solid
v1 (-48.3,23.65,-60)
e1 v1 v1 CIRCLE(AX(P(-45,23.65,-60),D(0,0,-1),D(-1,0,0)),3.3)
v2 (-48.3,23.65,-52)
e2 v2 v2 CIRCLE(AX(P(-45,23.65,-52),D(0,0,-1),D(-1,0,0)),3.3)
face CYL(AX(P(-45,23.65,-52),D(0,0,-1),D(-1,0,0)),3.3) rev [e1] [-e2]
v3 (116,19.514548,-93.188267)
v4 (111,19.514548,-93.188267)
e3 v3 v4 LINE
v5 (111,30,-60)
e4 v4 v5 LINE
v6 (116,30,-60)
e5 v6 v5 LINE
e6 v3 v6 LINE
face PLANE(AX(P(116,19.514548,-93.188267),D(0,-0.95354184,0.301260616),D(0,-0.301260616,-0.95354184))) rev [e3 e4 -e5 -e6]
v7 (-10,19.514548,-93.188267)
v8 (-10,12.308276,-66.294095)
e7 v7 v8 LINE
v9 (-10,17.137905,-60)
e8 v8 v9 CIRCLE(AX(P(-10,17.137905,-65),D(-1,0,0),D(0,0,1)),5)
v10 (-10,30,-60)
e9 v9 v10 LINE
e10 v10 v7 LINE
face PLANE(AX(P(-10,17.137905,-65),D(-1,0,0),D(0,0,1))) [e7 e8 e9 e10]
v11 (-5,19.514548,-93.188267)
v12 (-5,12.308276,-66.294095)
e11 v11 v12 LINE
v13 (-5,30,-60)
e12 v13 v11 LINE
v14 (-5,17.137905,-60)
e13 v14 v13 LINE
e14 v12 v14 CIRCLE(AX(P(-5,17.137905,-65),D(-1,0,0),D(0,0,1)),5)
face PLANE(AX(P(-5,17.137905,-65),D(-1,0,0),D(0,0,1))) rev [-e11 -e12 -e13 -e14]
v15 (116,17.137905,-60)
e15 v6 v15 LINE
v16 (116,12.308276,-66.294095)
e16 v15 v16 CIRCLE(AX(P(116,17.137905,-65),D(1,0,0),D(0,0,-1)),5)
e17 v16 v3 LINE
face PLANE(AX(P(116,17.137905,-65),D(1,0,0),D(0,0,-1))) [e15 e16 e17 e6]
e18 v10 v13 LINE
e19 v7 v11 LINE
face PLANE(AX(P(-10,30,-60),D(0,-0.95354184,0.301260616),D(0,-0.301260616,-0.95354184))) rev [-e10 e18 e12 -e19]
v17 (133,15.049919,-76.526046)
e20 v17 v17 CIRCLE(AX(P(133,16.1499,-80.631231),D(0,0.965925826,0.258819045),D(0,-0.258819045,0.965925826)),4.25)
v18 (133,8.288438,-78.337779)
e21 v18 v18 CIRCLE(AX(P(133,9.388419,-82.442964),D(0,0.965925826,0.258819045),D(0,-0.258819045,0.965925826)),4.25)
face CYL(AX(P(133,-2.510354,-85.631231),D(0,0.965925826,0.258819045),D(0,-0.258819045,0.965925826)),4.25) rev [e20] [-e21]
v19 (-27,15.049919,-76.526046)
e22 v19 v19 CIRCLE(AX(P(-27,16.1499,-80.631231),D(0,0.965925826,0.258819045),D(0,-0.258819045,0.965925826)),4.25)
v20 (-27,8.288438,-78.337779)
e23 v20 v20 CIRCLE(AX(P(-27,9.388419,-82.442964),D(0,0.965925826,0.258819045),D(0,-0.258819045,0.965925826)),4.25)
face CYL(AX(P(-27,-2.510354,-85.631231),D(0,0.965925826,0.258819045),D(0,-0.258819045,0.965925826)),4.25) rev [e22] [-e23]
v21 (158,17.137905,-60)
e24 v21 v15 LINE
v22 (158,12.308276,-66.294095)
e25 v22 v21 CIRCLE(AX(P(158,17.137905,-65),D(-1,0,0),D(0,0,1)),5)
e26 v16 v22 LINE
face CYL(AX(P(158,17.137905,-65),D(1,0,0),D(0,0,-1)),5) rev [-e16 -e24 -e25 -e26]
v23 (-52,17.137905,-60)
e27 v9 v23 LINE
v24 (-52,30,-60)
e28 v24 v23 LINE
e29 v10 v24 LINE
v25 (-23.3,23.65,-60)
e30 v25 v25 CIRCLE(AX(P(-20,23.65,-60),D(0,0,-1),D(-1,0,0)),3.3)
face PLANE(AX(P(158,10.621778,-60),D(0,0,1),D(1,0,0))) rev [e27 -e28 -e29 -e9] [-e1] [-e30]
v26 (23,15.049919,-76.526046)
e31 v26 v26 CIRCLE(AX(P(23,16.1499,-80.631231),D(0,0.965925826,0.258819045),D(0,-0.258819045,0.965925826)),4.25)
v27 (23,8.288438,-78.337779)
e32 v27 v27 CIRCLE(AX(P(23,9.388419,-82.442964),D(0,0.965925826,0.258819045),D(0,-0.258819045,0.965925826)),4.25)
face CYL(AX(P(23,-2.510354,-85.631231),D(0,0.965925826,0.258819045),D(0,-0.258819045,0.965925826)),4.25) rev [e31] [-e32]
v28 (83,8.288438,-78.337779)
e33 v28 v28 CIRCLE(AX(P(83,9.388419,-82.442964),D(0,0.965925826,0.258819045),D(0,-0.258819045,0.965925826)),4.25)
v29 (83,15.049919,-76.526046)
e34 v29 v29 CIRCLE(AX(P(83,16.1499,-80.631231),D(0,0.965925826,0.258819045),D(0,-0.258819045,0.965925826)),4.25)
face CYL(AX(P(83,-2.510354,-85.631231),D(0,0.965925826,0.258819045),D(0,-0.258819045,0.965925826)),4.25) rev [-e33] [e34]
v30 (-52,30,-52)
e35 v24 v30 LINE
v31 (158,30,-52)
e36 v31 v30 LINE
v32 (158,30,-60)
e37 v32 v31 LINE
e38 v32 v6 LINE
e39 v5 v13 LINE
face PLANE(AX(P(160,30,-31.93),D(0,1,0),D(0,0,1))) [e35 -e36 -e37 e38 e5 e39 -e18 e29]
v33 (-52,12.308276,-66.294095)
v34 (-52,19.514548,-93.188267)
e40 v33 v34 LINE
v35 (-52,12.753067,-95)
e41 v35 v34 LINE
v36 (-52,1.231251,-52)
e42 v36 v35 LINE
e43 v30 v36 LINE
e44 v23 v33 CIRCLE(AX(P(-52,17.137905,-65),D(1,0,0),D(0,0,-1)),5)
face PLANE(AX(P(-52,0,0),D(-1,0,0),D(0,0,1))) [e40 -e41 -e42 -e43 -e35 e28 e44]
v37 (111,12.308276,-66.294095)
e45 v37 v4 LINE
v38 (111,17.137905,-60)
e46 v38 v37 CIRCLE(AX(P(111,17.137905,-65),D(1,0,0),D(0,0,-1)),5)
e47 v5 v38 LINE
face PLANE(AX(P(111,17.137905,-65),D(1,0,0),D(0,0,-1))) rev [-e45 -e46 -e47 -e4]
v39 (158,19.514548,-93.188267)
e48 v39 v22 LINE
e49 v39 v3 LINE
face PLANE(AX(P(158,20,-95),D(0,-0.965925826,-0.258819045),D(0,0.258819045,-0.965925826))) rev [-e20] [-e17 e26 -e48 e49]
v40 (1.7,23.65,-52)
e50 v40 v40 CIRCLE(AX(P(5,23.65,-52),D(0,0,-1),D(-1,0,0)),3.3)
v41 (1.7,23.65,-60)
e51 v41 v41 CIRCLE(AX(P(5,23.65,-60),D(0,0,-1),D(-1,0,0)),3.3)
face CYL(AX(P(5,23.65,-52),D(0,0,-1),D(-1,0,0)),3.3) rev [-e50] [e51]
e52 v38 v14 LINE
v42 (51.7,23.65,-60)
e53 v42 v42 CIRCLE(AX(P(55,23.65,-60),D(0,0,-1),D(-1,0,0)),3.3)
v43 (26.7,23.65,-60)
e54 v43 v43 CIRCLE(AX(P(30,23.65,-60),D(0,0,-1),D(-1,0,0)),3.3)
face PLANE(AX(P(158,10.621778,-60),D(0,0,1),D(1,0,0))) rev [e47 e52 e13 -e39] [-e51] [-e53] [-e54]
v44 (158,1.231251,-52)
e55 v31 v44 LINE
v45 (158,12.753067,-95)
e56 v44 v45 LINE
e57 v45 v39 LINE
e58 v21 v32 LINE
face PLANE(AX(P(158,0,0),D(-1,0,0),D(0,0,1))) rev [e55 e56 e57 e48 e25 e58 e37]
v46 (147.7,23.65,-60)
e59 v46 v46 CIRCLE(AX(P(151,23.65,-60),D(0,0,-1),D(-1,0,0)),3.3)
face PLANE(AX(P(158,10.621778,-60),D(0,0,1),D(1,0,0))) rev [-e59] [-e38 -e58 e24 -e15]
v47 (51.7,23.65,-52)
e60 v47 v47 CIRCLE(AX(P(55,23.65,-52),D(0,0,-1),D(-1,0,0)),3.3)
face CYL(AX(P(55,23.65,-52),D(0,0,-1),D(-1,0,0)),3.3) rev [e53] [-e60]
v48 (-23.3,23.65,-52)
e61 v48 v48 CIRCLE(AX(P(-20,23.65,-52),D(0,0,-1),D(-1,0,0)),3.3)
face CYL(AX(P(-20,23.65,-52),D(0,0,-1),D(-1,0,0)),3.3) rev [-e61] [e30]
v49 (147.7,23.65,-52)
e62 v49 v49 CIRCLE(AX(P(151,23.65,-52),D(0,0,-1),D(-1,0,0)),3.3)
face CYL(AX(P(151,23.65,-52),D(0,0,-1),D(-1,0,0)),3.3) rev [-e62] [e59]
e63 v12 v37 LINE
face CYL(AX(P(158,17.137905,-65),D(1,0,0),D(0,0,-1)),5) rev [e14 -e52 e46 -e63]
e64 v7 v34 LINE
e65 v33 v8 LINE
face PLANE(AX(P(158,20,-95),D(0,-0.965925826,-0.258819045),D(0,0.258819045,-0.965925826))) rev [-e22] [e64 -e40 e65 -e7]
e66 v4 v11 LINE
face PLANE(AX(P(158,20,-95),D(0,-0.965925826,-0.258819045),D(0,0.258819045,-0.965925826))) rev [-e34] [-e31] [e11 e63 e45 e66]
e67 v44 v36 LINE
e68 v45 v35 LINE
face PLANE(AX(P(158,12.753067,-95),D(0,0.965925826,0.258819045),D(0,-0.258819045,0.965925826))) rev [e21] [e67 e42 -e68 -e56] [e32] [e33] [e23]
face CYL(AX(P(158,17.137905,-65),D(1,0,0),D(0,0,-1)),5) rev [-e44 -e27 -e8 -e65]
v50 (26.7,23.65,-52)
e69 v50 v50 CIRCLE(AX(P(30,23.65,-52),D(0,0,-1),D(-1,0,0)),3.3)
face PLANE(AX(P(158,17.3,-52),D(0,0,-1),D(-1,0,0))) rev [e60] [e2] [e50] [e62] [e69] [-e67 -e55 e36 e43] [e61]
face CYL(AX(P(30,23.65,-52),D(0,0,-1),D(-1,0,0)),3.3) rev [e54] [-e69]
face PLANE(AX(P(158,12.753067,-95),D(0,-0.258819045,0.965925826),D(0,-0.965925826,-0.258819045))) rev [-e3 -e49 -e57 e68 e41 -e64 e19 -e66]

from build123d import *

# Parameters (mm, degrees)
EXTRUDE_1_DEPTH      = 30
SKETCH_2_R           = 44.45
CUT_EXTRUDE_1_DEPTH  = 4
SKETCH_3_R           = 25.5
SKETCH_3_R_2         = 2.25
CUT_EXTRUDE_2_DEPTH  = 188.619295383
CUT_EXTRUDE_3_DEPTH  = 189.215302247
SKETCH_5_R           = 1.65
CUT_EXTRUDE_4_DEPTH  = 189.215302247
EXTRUDE_START        = -30
EXTRUDE_2_DEPTH      = 30
CUT_EXTRUDE_5_DEPTH  = 198.040604952
CUT_EXTRUDE_7_DEPTH  = 233.432785983
CUT_EXTRUDE_8_DEPTH  = 233.432785983
CUT_EXTRUDE_9_DEPTH  = 233.432785983
FILLET_1_R           = 5
CUT_EXTRUDE_10_DEPTH = 233.432785983
EXTRUDE_START_2      = -5
EXTRUDE_3_DEPTH      = 5
EXTRUDE_4_DEPTH      = 5
SKETCH_14_R          = 4.25
CUT_EXTRUDE_11_DEPTH = 189.364728478
SKETCH_16_W          = 43
SKETCH_16_H          = 30
CUT_EXTRUDE_12_DEPTH = 233.432785983
EXTRUDE_7_REACH      = 188.592
SKETCH_18_W          = 210
SKETCH_18_H          = 5
EXTRUDE_8_DEPTH      = 210
EXTRUDE_9_DEPTH      = 5
EXTRUDE_10_DEPTH     = 5
SKETCH_22_R          = 4.25
CUT_EXTRUDE_13_DEPTH = 187.984035343
FILLET_2_R           = 5
CUT_EXTRUDE_14_DEPTH = 234.418610938
EXTRUDE_11_DEPTH     = 2.5
EXTRUDE_12_DEPTH     = 2.5
CUT_EXTRUDE_START    = -5
CUT_EXTRUDE_15_DEPTH = 5
SKETCH_24_R          = 3.3
CUT_EXTRUDE_16_DEPTH = 165.58736282
CUT_EXTRUDE_17_DEPTH = 5


with BuildPart() as part:
    # 草图1 → 凸台-拉伸1 (new body)
    with BuildSketch(Plane(origin=(0, 0, 0), x_dir=(1, 0, 0), z_dir=(0, 1, 0))):
        with BuildLine():
            Line((170, 31.93), (170, -31.93))
            ThreePointArc((170, -31.93), (167.781993847, -38.210172909), (162.111885646, -41.704453387))
            Line((162.111885646, -41.704453387), (15.839142344, -73.308400404))
            ThreePointArc((15.839142344, -73.308400404), (-75, 0), (15.839142344, 73.308400404))
            Line((15.839142344, 73.308400404), (162.111885646, 41.704453387))
            ThreePointArc((162.111885646, 41.704453387), (167.781993847, 38.210172909), (170, 31.93))
        make_face()
    extrude(amount=EXTRUDE_1_DEPTH)

    # 草图2 → 切除-拉伸1 (cut)
    with BuildSketch(Plane(origin=(0, 30, 0), x_dir=(1, 0, 0), z_dir=(0, 1, 0))):
        with Locations(Location((0, 0, 0), (0, 0, 270))):
            Circle(SKETCH_2_R)
    extrude(amount=-CUT_EXTRUDE_1_DEPTH, mode=Mode.SUBTRACT)

    # 草图3 → 切除-拉伸2 (cut, through all)
    with BuildSketch(Plane(origin=(0, 26, 0), x_dir=(1, 0, 0), z_dir=(0, 1, 0))):
        with Locations(Location((0, 0, 0), (0, 0, 270))):
            Circle(SKETCH_3_R)
        with Locations(Location((0, 41, 0), (0, 0, 270))):
            Circle(SKETCH_3_R_2)
        with Locations(Location((28.991378029, 28.991378029, 0), (0, 0, 270))):
            Circle(SKETCH_3_R_2)
        with Locations(Location((41, 0, 0), (0, 0, 270))):
            Circle(SKETCH_3_R_2)
        with Locations(Location((28.991378029, -28.991378029, 0), (0, 0, 270))):
            Circle(SKETCH_3_R_2)
        with Locations(Location((0, -41, 0), (0, 0, 270))):
            Circle(SKETCH_3_R_2)
        with Locations(Location((-28.991378029, -28.991378029, 0), (0, 0, 270))):
            Circle(SKETCH_3_R_2)
        with Locations(Location((-41, 0, 0), (0, 0, 270))):
            Circle(SKETCH_3_R_2)
        with Locations(Location((-28.991378029, 28.991378029, 0), (0, 0, 270))):
            Circle(SKETCH_3_R_2)
    extrude(amount=-CUT_EXTRUDE_2_DEPTH, mode=Mode.SUBTRACT)

    # 草图4 → 切除-拉伸3 (cut, through all)
    with BuildSketch(Plane(origin=(0, 30, 0), x_dir=(1, 0, 0), z_dir=(0, 1, 0))):
        with BuildLine():
            Line((124, 18.5), (134, 18.5))
            ThreePointArc((134, 18.5), (152.5, 0), (134, -18.5))
            Line((134, -18.5), (124, -18.5))
            ThreePointArc((124, -18.5), (105.5, 0), (124, 18.5))
        make_face()
    extrude(amount=-CUT_EXTRUDE_3_DEPTH, mode=Mode.SUBTRACT)

    # 草图5 → 切除-拉伸4 (cut, through all)
    with BuildSketch(Plane(origin=(0, 30, 0), x_dir=(1, 0, 0), z_dir=(0, 1, 0))):
        with Locations(Location((116.75, 25.5, 0), (0, 0, 270))):
            Circle(SKETCH_5_R)
        with Locations(Location((141.25, 25.5, 0), (0, 0, 270))):
            Circle(SKETCH_5_R)
        with Locations(Location((141.25, -25.5, 0), (0, 0, 270))):
            Circle(SKETCH_5_R)
        with Locations(Location((116.75, -25.5, 0), (0, 0, 270))):
            Circle(SKETCH_5_R)
    extrude(amount=-CUT_EXTRUDE_4_DEPTH, mode=Mode.SUBTRACT)

    # 草图6 → 凸台-拉伸2 (add)
    with BuildSketch(Plane(origin=(0, 30, 0), x_dir=(1, 0, 0), z_dir=(0, 1, 0)).offset(EXTRUDE_START)):
        with BuildLine():
            Line((158, 95), (-52, 95))
            Line((-52, 95), (-52, 54.046276467))
            ThreePointArc((-52, 54.046276467), (-20.48558667, 72.148047366), (15.839142344, 73.308400404))
            Line((15.839142344, 73.308400404), (158, 42.592874655))
            Line((158, 42.592874655), (158, 95))
        make_face()
        with BuildLine():
            ThreePointArc((15.839142344, -73.308400404), (-20.48558667, -72.148047366), (-52, -54.046276467))
            Line((-52, -54.046276467), (-52, -95))
            Line((-52, -95), (158, -95))
            Line((158, -95), (158, -42.592874655))
            Line((158, -42.592874655), (15.839142344, -73.308400404))
        make_face()
    extrude(amount=EXTRUDE_2_DEPTH)

    # 草图7 → 切除-拉伸5 (cut, through all)
    with BuildSketch(Plane(origin=(0, 30, 0), x_dir=(1, 0, 0), z_dir=(0, 1, 0))):
        with BuildLine():
            Line((-52, 54.046276467), (-52, -54.046276467))
            ThreePointArc((-52, -54.046276467), (-75, 0), (-52, 54.046276467))
        make_face()
        with BuildLine():
            Line((158, 42.592874655), (158, -42.592874655))
            Line((158, -42.592874655), (162.111885646, -41.704453387))
            ThreePointArc((162.111885646, -41.704453387), (167.781993847, -38.210172909), (170, -31.93))
            Line((170, -31.93), (170, 31.93))
            ThreePointArc((170, 31.93), (167.781993847, 38.210172909), (162.111885646, 41.704453387))
            Line((162.111885646, 41.704453387), (158, 42.592874655))
        make_face()
    extrude(amount=-CUT_EXTRUDE_5_DEPTH, mode=Mode.SUBTRACT)

    # 草图9 → 切除-拉伸7 (cut, through all)
    with BuildSketch(Plane.ZY.offset(52)):
        Polygon((-95, 20), (-60, 10.621778265), (-60, 30), (-95, 30), align=None)
    extrude(amount=-CUT_EXTRUDE_7_DEPTH, mode=Mode.SUBTRACT)

    # 草图10 → 切除-拉伸8 (cut, through all)
    with BuildSketch(Plane.ZY.offset(52)):
        Polygon((-95, 12.753066737), (-52, 1.231251463), (-52, 0), (-95, 0), align=None)
    extrude(amount=-CUT_EXTRUDE_8_DEPTH, mode=Mode.SUBTRACT)

    # 草图8 → 切除-拉伸9 (cut, through all)
    with BuildSketch(Plane.ZY.offset(52)):
        Polygon((0, 0), (52, 0), (52, 17.3), (-52, 17.3), (-52, 0), align=None)
    extrude(amount=-CUT_EXTRUDE_9_DEPTH, mode=Mode.SUBTRACT)

    # 圆角1
    fillet_1_edges = [part.edges().sort_by_distance(p)[0] for p in [
        (53, 10.621778265, -60),
    ]]
    fillet(fillet_1_edges, radius=FILLET_1_R)

    # 草图11 → 切除-拉伸10 (cut, through all)
    with BuildSketch(Plane.ZY.offset(52)):
        Polygon((-95, 12.753066737), (-93.188266684, 19.514547521), (-95, 20), align=None)
    extrude(amount=-CUT_EXTRUDE_10_DEPTH, mode=Mode.SUBTRACT)

    # 草图12 → 凸台-拉伸3 (add)
    with BuildSketch(Plane.ZY.offset(52).offset(EXTRUDE_START_2)):
        with BuildLine():
            Line((-93.188266684, 19.514547521), (-60, 30))
            Line((-60, 30), (-60, 17.137905129))
            ThreePointArc((-60, 17.137905129), (-61.956192855, 13.171138428), (-66.294095226, 12.308275998))
            Line((-66.294095226, 12.308275998), (-93.188266684, 19.514547521))
        make_face()
    extrude(amount=EXTRUDE_3_DEPTH)

    # 草图13 → 凸台-拉伸4 (add)
    with BuildSketch(Plane(origin=(158, 0, 0), x_dir=(0, 0, -1), z_dir=(1, 0, 0))):
        with BuildLine():
            Line((66.294095226, 12.308275998), (93.188266684, 19.514547521))
            Line((93.188266684, 19.514547521), (60, 30))
            Line((60, 30), (60, 17.137905129))
            ThreePointArc((60, 17.137905129), (61.956192855, 13.171138428), (66.294095226, 12.308275998))
        make_face()
    extrude(amount=-EXTRUDE_4_DEPTH)

    # 草图14 → 切除-拉伸11 (cut, through all)
    with BuildSketch(Plane(origin=(0, -5.089745962, -1.36379332), x_dir=(1, 0, 0), z_dir=(0, 0.9659258262890681, 0.2588190451025214))):
        with Locations(Location((-27, 82.063690052, 0), (0, 0, 270))):
            Circle(SKETCH_14_R)
        with Locations(Location((23, 82.063690052, 0), (0, 0, 270))):
            Circle(SKETCH_14_R)
        with Locations(Location((83, 82.063690052, 0), (0, 0, 270))):
            Circle(SKETCH_14_R)
        with Locations(Location((133, 82.063690052, 0), (0, 0, 270))):
            Circle(SKETCH_14_R)
    extrude(amount=-CUT_EXTRUDE_11_DEPTH, mode=Mode.SUBTRACT)

    # 草图16 → 切除-拉伸12 (cut, through all)
    with BuildSketch(Plane.ZY.offset(52)):
        with Locations((73.5, 15)):
            Rectangle(SKETCH_16_W, SKETCH_16_H)
    extrude(amount=-CUT_EXTRUDE_12_DEPTH, mode=Mode.SUBTRACT)

    # 凸台-拉伸7: up to this plane
    extrude_7_end = Plane(origin=(0, -11.851226746, -3.175526636), z_dir=(0, -0.9659258262890681, -0.25881904510252146))
    # 草图18 → 凸台-拉伸7 (add, up to the surface)
    with BuildSketch(Plane(origin=(0, 30, 0), x_dir=(1, 0, 0), z_dir=(0, 1, 0)), mode=Mode.PRIVATE) as extrude_7_sk1:
        with Locations((53, -54.5)):
            Rectangle(SKETCH_18_W, SKETCH_18_H)
    extrude_7_tool1 = split(extrude(extrude_7_sk1.sketch, amount=-EXTRUDE_7_REACH, mode=Mode.PRIVATE), bisect_by=extrude_7_end, keep=Keep.BOTH, mode=Mode.PRIVATE)
    add(extrude_7_tool1.solids().sort_by_distance((53, 30, 54.5))[0])

    # 草图19 → 凸台-拉伸8 (add)
    with BuildSketch(Plane.ZY.offset(52)):
        Polygon((57, -27.975210512), (90.188266684, -36.867979769), (92, -30.106498985), (57, -20.72827725), align=None)
    extrude(amount=-EXTRUDE_8_DEPTH)

    # 草图20 → 凸台-拉伸9 (add)
    with BuildSketch(Plane.ZY.offset(52)):
        Polygon((92, -30.106498985), (57, -20.72827725), (57, 30), align=None)
    extrude(amount=-EXTRUDE_9_DEPTH)

    # 草图21 → 凸台-拉伸10 (add)
    with BuildSketch(Plane(origin=(158, 0, 0), x_dir=(0, 0, -1), z_dir=(1, 0, 0))):
        Polygon((-57, 30), (-92, -30.106498985), (-57, -20.72827725), align=None)
    extrude(amount=-EXTRUDE_10_DEPTH)

    # 草图22 → 切除-拉伸13 (cut, through all)
    with BuildSketch(Plane(origin=(0, -5.089745962, -1.36379332), x_dir=(1, 0, 0), z_dir=(0, 0.9659258262890686, 0.25881904510251946))):
        with Locations(Location((-27, -77.936309948, 0), (0, 0, 270))):
            Circle(SKETCH_22_R)
        with Locations(Location((23, -69.936309948, 0), (0, 0, 270))):
            Circle(SKETCH_22_R)
        with Locations(Location((83, -69.936309948, 0), (0, 0, 270))):
            Circle(SKETCH_22_R)
        with Locations(Location((133, -77.936309948, 0), (0, 0, 270))):
            Circle(SKETCH_22_R)
    extrude(amount=-CUT_EXTRUDE_13_DEPTH, mode=Mode.SUBTRACT)

    # 圆角2
    fillet_2_edges = [part.edges().sort_by_distance(p)[0] for p in [
        (53, -20.72827725, 57),
    ]]
    fillet(fillet_2_edges, radius=FILLET_2_R)

    # 草图23 → 切除-拉伸14 (cut, through all)
    with BuildSketch(Plane.ZY.offset(52)):
        Polygon((-52, 17.3), (-52, 40.52409207), (98.672945053, 40.52409207), (98.672945053, -43.91232927), (-52, -43.91232927), align=None)
    extrude(amount=-CUT_EXTRUDE_14_DEPTH, mode=Mode.SUBTRACT)

    # 草图25 → 凸台-拉伸11 (add, symmetric)
    with BuildSketch(Plane.ZY.offset(7.5)):
        with BuildLine():
            Line((-93.188266684, 19.514547521), (-66.294095226, 12.308275998))
            ThreePointArc((-66.294095226, 12.308275998), (-61.956192855, 13.171138428), (-60, 17.137905129))
            Line((-60, 17.137905129), (-60, 30))
            Line((-60, 30), (-93.188266684, 19.514547521))
        make_face()
    extrude(amount=EXTRUDE_11_DEPTH, both=True)

    # 草图26 → 凸台-拉伸12 (add, symmetric)
    with BuildSketch(Plane(origin=(113.5, 0, 0), x_dir=(0, 0, -1), z_dir=(1, 0, 0))):
        with BuildLine():
            Line((60, 30), (60, 17.137905129))
            ThreePointArc((60, 17.137905129), (61.956192855, 13.171138428), (66.294095226, 12.308275998))
            Line((66.294095226, 12.308275998), (93.188266684, 19.514547521))
            Line((93.188266684, 19.514547521), (60, 30))
        make_face()
    extrude(amount=EXTRUDE_12_DEPTH, both=True)

    # 草图27 → 切除-拉伸15 (cut)
    with BuildSketch(Plane.ZY.offset(-153).offset(CUT_EXTRUDE_START)):
        with BuildLine():
            Line((-60, 17.137905129), (-60, 30))
            Line((-60, 30), (-93.188266684, 19.514547521))
            Line((-93.188266684, 19.514547521), (-66.294095226, 12.308275998))
            ThreePointArc((-66.294095226, 12.308275998), (-61.956192855, 13.171138428), (-60, 17.137905129))
        make_face()
    extrude(amount=CUT_EXTRUDE_15_DEPTH, mode=Mode.SUBTRACT)

    # 草图24 → 切除-拉伸16 (cut, through all)
    with BuildSketch(Plane(origin=(0, 0, -60), x_dir=(-1, 0, 0), z_dir=(0, 0, -1))):
        with Locations((-151, 23.65)):
            Circle(SKETCH_24_R)
        with Locations((45, 23.65)):
            Circle(SKETCH_24_R)
        with Locations((20, 23.65)):
            Circle(SKETCH_24_R)
        with Locations((-5, 23.65)):
            Circle(SKETCH_24_R)
        with Locations((-30, 23.65)):
            Circle(SKETCH_24_R)
        with Locations((-55, 23.65)):
            Circle(SKETCH_24_R)
    extrude(amount=-CUT_EXTRUDE_16_DEPTH, mode=Mode.SUBTRACT)

    # 草图28 → 切除-拉伸17 (cut)
    with BuildSketch(Plane(origin=(-47, 0, 0), x_dir=(0, 0, -1), z_dir=(1, 0, 0))):
        with BuildLine():
            Line((66.294095226, 12.308275998), (93.188266684, 19.514547521))
            Line((93.188266684, 19.514547521), (60, 30))
            Line((60, 30), (60, 26.27488095))
            Line((60, 26.27488095), (60, 21.02511905))
            Line((60, 21.02511905), (60, 17.137905129))
            ThreePointArc((60, 17.137905129), (61.956192855, 13.171138428), (66.294095226, 12.308275998))
        make_face()
    extrude(amount=-CUT_EXTRUDE_17_DEPTH, mode=Mode.SUBTRACT)


solid = part.part
